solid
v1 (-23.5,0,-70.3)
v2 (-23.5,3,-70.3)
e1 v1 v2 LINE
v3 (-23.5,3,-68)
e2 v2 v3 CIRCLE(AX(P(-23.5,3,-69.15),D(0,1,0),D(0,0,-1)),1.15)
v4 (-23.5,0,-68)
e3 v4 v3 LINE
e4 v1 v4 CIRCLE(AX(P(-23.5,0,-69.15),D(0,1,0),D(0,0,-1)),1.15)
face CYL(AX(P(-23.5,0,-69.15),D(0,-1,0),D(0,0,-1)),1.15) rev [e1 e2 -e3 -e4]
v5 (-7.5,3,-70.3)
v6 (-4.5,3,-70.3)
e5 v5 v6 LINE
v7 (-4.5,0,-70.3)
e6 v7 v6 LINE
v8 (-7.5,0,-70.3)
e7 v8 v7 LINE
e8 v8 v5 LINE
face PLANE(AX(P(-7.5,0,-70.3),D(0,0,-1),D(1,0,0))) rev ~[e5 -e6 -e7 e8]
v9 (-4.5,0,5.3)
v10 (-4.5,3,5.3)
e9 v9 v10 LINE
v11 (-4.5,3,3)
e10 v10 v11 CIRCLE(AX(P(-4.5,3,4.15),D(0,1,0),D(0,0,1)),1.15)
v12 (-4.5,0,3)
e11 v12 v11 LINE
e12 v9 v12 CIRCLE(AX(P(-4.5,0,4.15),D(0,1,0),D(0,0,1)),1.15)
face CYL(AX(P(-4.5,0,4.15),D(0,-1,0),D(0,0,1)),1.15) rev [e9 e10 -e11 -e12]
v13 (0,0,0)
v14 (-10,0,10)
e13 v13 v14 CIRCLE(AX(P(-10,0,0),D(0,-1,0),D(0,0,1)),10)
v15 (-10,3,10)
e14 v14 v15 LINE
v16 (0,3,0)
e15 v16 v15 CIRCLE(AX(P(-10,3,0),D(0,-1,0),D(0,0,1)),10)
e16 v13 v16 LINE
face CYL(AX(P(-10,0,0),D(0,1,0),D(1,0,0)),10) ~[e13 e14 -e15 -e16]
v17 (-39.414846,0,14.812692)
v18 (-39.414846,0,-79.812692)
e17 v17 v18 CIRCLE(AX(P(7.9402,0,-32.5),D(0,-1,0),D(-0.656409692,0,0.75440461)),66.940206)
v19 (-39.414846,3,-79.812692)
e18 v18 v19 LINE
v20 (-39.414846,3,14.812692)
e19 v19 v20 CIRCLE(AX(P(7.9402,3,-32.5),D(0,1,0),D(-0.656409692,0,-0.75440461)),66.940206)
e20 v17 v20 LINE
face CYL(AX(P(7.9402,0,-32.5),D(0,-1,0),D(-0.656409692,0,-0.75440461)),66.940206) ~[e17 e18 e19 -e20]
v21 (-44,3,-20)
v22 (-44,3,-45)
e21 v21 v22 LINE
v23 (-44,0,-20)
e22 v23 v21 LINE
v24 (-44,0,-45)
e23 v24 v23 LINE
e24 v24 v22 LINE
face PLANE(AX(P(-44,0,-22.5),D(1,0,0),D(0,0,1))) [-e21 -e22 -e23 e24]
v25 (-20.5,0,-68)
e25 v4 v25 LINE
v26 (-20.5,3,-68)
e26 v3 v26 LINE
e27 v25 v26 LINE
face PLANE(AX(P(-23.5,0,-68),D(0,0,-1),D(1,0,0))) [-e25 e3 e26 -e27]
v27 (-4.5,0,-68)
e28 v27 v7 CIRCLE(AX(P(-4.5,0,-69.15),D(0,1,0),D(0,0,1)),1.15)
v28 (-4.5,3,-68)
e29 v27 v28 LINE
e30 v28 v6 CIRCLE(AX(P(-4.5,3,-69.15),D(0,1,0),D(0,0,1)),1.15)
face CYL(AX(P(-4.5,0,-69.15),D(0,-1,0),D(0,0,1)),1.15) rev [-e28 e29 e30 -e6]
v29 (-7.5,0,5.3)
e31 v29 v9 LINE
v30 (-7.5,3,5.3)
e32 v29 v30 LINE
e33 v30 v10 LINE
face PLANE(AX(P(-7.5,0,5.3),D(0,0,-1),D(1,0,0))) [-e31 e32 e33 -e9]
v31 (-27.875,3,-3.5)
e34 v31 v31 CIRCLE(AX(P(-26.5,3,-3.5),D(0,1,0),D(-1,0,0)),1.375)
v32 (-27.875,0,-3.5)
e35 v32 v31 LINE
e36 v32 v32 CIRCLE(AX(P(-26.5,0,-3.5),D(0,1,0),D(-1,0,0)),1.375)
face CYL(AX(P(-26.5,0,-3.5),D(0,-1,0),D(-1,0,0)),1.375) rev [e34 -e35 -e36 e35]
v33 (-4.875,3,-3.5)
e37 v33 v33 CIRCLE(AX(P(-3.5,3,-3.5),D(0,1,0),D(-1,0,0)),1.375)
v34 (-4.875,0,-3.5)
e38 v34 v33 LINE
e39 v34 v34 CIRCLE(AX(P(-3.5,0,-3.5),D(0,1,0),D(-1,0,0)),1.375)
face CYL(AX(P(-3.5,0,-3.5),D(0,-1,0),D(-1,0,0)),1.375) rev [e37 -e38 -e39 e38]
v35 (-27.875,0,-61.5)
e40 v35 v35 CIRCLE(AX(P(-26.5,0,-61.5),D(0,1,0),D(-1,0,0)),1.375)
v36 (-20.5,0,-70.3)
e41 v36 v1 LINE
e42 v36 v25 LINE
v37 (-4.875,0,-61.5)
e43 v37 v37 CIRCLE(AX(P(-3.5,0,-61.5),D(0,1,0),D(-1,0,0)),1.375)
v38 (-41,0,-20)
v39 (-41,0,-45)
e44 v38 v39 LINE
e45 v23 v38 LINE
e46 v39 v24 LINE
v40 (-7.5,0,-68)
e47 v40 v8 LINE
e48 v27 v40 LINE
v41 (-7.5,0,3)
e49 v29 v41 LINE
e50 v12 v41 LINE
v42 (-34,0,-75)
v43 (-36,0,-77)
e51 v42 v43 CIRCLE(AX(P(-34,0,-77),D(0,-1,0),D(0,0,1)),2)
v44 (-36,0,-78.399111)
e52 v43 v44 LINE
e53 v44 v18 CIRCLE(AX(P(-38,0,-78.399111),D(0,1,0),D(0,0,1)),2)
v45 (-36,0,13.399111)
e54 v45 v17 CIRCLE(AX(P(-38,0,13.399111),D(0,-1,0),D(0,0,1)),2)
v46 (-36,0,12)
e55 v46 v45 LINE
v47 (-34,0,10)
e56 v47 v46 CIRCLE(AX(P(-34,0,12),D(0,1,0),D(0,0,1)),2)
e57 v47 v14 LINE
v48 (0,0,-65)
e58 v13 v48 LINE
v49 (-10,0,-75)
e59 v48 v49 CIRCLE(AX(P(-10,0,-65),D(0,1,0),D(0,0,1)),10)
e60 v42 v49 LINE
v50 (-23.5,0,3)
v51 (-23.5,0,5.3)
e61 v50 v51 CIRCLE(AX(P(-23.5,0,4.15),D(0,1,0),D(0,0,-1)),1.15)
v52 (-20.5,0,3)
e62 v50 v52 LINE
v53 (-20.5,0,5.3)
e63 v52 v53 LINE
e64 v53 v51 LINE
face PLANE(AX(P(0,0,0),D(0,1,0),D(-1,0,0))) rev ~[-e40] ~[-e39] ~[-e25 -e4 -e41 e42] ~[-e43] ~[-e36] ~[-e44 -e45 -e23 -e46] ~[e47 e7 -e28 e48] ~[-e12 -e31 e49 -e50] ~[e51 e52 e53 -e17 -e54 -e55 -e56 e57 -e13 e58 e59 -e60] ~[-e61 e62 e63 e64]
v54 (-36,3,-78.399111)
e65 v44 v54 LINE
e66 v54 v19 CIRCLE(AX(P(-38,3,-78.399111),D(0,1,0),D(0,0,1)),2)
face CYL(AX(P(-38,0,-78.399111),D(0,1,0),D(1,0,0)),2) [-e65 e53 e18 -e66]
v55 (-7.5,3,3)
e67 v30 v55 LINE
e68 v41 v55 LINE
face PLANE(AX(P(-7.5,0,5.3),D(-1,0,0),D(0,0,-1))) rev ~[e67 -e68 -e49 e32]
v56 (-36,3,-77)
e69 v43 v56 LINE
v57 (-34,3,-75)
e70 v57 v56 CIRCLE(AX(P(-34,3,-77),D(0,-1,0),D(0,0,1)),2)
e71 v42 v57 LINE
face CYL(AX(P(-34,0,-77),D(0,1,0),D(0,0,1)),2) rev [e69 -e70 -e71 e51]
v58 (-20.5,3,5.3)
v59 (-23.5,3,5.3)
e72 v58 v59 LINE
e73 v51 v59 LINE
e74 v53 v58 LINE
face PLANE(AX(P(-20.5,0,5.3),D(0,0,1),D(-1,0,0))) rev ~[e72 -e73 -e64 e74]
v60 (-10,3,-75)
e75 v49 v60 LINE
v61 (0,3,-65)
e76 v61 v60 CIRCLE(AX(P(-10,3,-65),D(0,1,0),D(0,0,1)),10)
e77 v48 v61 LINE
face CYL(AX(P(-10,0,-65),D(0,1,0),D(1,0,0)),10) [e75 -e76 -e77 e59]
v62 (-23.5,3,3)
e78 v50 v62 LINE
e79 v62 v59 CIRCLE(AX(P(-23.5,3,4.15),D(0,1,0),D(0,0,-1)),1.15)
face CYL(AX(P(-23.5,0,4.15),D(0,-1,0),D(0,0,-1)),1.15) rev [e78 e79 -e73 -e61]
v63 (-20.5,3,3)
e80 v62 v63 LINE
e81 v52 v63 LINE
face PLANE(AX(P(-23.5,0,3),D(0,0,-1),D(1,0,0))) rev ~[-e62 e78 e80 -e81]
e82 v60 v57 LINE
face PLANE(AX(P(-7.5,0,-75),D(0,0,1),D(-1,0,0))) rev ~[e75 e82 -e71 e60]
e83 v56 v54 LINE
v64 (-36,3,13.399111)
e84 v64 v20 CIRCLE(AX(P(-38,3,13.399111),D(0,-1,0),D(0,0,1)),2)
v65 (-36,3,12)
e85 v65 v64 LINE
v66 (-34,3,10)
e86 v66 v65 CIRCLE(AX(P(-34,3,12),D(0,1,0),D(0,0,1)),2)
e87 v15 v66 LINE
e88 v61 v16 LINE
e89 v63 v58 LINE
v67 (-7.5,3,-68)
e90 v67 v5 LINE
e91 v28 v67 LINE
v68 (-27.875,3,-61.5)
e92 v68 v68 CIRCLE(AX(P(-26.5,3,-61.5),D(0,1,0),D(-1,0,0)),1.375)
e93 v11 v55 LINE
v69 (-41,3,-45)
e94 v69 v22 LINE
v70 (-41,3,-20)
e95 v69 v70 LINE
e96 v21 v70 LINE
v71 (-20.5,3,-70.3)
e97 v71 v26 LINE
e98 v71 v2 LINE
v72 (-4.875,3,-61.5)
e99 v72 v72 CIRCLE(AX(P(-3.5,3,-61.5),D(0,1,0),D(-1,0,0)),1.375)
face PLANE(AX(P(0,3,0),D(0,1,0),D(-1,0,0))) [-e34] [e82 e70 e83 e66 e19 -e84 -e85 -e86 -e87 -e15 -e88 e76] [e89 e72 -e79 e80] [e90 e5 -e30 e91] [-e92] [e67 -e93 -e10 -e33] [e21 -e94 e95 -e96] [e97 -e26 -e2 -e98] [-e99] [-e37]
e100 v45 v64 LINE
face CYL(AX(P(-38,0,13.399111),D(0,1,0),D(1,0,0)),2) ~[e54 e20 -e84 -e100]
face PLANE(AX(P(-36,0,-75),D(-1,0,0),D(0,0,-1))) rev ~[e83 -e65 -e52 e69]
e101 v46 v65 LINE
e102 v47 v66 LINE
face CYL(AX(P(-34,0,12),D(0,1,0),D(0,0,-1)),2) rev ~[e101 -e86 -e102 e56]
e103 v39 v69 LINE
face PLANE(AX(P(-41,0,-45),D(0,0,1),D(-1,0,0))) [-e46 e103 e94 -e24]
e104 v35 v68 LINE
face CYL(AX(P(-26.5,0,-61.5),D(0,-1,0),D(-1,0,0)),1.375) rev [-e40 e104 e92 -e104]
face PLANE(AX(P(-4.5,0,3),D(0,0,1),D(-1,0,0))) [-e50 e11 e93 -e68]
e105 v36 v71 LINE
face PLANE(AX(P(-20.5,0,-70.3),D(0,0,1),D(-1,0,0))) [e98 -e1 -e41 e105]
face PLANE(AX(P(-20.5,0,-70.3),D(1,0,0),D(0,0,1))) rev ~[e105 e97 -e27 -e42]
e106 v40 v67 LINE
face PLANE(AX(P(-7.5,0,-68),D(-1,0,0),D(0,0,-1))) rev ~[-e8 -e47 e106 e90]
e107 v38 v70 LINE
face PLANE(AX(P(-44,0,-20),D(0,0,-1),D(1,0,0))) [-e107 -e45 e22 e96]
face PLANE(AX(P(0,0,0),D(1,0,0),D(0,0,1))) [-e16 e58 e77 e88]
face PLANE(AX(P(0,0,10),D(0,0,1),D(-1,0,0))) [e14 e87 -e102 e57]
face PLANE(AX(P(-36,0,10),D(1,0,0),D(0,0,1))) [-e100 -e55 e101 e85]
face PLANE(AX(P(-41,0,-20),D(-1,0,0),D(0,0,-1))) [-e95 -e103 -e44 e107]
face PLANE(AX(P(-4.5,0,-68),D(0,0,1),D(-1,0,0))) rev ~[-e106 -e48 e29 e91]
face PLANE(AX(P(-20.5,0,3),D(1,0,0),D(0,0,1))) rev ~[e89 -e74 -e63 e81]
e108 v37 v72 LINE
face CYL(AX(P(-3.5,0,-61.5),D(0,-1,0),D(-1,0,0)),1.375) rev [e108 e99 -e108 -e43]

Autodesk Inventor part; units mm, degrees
ref_plane "YZ Plane" through (0, 0, 0) normal (1, 0, 0) x (0, 1, 0)
ref_plane "XZ Plane" through (0, 0, 0) normal (0, 1, 0) x (-1, 0, 0)
ref_plane "XY Plane" through (0, 0, 0) normal (0, 0, 1) x (1, 0, 0)
sketch "Boceto1" plane through (0, 0, 0) normal (0, 1, 0) x (-1, 0, 0)
  line L0 (3, 0) -> (33, 0)
  line L1 (36, -3) -> (36, -62)
  line L2 (33, -65) -> (3, -65)
  line L3 (0, -62) -> (0, -3)
  circle A0 centre (3.5, -61.5) radius 1.375
  arc A1 (36, -3) -> (33, 0) centre (33, -3) ccw
  arc A2 (3, 0) -> (0, -3) centre (3, -3) ccw
  arc A3 (0, -62) -> (3, -65) centre (3, -62) ccw
  arc A4 (33, -65) -> (36, -62) centre (33, -62) ccw
  circle A5 centre (26.5, -61.5) radius 1.375
  circle A6 centre (3.5, -3.5) radius 1.375
  circle A7 centre (26.5, -3.5) radius 1.375
  line L4 (36, 0) -> (0, 0)
  line L5 (0, 0) -> (0, 10)
  line L6 (0, 10) -> (36, 10)
  line L7 (36, 10) -> (36, 0)
  line L8 (36, -65) -> (0, -65)
  line L9 (0, -65) -> (0, -75)
  line L10 (0, -75) -> (36, -75)
  line L11 (36, -75) -> (36, -65)
  line L12 (7.5, 0) -> (20.5, 0)
  line L13 (20.5, 0) -> (20.5, 10)
  line L14 (20.5, 10) -> (7.5, 10)
  line L15 (7.5, 10) -> (7.5, 0)
  line L16 (7.5, 0) -> (20.5, 10) construction
  line L17 (20.5, 0) -> (7.5, 10) construction
  line L18 (7.5, -75) -> (20.5, -75)
  line L19 (20.5, -75) -> (20.5, -65)
  line L20 (20.5, -65) -> (7.5, -65)
  line L21 (7.5, -65) -> (7.5, -75)
  line L22 (7.5, -75) -> (20.5, -65) construction
  line L23 (20.5, -75) -> (7.5, -65) construction
  line L24 (36, -32.5) -> (0, -32.5)
  line L25 (36, 0) -> (36, -3)
  line L26 (0, 0) -> (0, -3)
  line L27 (0, -62) -> (0, -65)
  line L28 (36, -62) -> (36, -65)
  line L29 (36, -22.5) -> (49, -22.5)
  line L30 (49, -22.5) -> (49, -42.5)
  line L31 (49, -42.5) -> (36, -42.5)
  line L32 (36, -42.5) -> (36, -22.5)
  arc A8 (49, -42.5) -> (49, -22.5) centre (49, -32.5) ccw
  line L33 (20.5, 5.3) -> (23.5, 5.3)
  line L34 (23.5, 5.3) -> (23.5, 3)
  line L35 (23.5, 3) -> (20.5, 3)
  line L36 (20.5, 3) -> (20.5, 5.3)
  arc A9 (23.5, 3) -> (23.5, 5.3) centre (23.5, 4.15) ccw
  line L37 (14, 0) -> (14, -65)
  line L38 (7.5, 5.3) -> (4.5, 5.3)
  line L39 (4.5, 5.3) -> (4.5, 3)
  line L40 (4.5, 3) -> (7.5, 3)
  line L41 (7.5, 3) -> (7.5, 5.3)
  arc A10 (4.5, 5.3) -> (4.5, 3) centre (4.5, 4.15) ccw
  line L42 (20.5, -70.3) -> (23.5, -70.3)
  line L43 (23.5, -70.3) -> (23.5, -68)
  line L44 (23.5, -68) -> (20.5, -68)
  line L45 (20.5, -68) -> (20.5, -70.3)
  arc A11 (23.5, -70.3) -> (23.5, -68) centre (23.5, -69.15) ccw
  line L46 (4.5, -68) -> (7.5, -68)
  arc A12 (4.5, -68) -> (4.5, -70.3) centre (4.5, -69.15) ccw
  line L47 (7.5, -70.3) -> (4.5, -70.3)
  line L48 (4.5, -70.3) -> (4.5, -68)
  line L49 (7.5, -68) -> (7.5, -70.3)
  line L50 (36, 0) -> (49, 0)
  line L51 (49, 0) -> (49, -65)
  line L52 (49, -65) -> (36, -65)
  line L53 (36, -65) -> (36, 0)
  line L54 (44, -20) -> (41, -20)
  line L55 (41, -20) -> (41, -45)
  line L56 (41, -45) -> (44, -45)
  line L57 (44, -45) -> (44, -20)
  line L58 (36, 10) -> (36, 18)
  line L59 (36, -75) -> (36, -83)
  arc A13 (36, -83) -> (36, 18) centre (-7.9402, -32.5) ccw
  line L60 (0, -75) -> (-7, -75)
  line L61 (-7, -75) -> (-7, 10)
  line L62 (-7, 10) -> (0, 10)
  line L63 (0, 10) -> (0, -75)
  point P0 (14, 5)
  point P1 (14, -70)
  point P2 (36, -42.5)
  point P3 (7.5, -70.3)
  point P4 (20.5, -70.3)
  point P5 (7.5, 5.3)
  point P6 (20.5, 3)
  point P7 (44, -32.5)
  point P8 (36, -65)
  point P9 (44, -42.5)
  point P10 (41, -42.5)
  point P11 (41, -22.5)
  point P12 (44, -22.5)
  point P13 (49, -22.5)
  point P14 (59, -32.5)
  dimension "d0" = 36
  dimension "d1" = 65
  dimension "d2" = 2.75
  dimension "d3" = 3
  dimension "d4" = 3
  dimension "d5" = 3
  dimension "d6" = 3
  dimension "d7" = 3.5
  dimension "d8" = 3.5
  dimension "d11" = 23
  dimension "d14" = 58
  dimension "d17" = 10
  dimension "d18" = 10
  dimension "d19" = 13
  dimension "d20" = 10
  dimension "d21" = 13
  dimension "d22" = 10
  dimension "d26" = 7.5
  dimension "d30" = 20
  dimension "d31" = 13
  dimension "d32" = 3
  dimension "d33" = 2.3
  dimension "d34" = 3
  dimension "d35" = 1.15
  dimension "d36" = 13
  dimension "d37" = 3
  dimension "d38" = 25
  dimension "d39" = 5
  dimension "d42" = 8
  dimension "d43" = 8
  dimension "d46" = 7
extrude "Extrusión1" add sketch "Boceto1" along normal blind 3 contours L4 L5 L6 L15 L38 A10 L40 L0 | L0 L37 L24 L3 A2 | A2 L26 L4 | L15 L6 L13 L0 | L0 A1 L1 L24 L37 | L24 L37 L2 A3 L3 | L13 L35 A9 L33 L6 L7 L4 L0 | L24 L1 A4 L2 L37 | A3 L8 L27 | L4 L25 A1 | L1 L29 L55 L31 | L2 L19 L10 L21 | L2 L21 L46 A12 L47 L10 L9 L8 | L25 L50 L51 L29 L57 L54 L55 L1 | L7 L58 A13 A8 L51 L50 | L31 L55 L56 L57 L51 L52 L28 L1 | L2 L8 L11 L10 L19 L42 A11 L44 | L29 L57 L31 L55 | L28 L8 A4 | L30 L31 L57 L29 | A8 L30 | L52 L51 A8 A13 L59 L11
fillet "Empalme1" radius 10 2 edges at (0, 1.5, -75) (0, 1.5, 10)
extrude "Extrusión2" cut sketch "Boceto1" along normal blind 3 contours L29 L57 L31 L55
fillet "Empalme2" radius 2 4 edges at (-36, 1.5, -83) (-36, 1.5, 18) (-36, 1.5, 10) (-36, 1.5, -75)
equation "\"d18\" = d17"
equation "\"d21\" = d19"
equation "\"d22\" = d20"
equation "\"d36\" = d31"
properties part number "Parte inferior"
